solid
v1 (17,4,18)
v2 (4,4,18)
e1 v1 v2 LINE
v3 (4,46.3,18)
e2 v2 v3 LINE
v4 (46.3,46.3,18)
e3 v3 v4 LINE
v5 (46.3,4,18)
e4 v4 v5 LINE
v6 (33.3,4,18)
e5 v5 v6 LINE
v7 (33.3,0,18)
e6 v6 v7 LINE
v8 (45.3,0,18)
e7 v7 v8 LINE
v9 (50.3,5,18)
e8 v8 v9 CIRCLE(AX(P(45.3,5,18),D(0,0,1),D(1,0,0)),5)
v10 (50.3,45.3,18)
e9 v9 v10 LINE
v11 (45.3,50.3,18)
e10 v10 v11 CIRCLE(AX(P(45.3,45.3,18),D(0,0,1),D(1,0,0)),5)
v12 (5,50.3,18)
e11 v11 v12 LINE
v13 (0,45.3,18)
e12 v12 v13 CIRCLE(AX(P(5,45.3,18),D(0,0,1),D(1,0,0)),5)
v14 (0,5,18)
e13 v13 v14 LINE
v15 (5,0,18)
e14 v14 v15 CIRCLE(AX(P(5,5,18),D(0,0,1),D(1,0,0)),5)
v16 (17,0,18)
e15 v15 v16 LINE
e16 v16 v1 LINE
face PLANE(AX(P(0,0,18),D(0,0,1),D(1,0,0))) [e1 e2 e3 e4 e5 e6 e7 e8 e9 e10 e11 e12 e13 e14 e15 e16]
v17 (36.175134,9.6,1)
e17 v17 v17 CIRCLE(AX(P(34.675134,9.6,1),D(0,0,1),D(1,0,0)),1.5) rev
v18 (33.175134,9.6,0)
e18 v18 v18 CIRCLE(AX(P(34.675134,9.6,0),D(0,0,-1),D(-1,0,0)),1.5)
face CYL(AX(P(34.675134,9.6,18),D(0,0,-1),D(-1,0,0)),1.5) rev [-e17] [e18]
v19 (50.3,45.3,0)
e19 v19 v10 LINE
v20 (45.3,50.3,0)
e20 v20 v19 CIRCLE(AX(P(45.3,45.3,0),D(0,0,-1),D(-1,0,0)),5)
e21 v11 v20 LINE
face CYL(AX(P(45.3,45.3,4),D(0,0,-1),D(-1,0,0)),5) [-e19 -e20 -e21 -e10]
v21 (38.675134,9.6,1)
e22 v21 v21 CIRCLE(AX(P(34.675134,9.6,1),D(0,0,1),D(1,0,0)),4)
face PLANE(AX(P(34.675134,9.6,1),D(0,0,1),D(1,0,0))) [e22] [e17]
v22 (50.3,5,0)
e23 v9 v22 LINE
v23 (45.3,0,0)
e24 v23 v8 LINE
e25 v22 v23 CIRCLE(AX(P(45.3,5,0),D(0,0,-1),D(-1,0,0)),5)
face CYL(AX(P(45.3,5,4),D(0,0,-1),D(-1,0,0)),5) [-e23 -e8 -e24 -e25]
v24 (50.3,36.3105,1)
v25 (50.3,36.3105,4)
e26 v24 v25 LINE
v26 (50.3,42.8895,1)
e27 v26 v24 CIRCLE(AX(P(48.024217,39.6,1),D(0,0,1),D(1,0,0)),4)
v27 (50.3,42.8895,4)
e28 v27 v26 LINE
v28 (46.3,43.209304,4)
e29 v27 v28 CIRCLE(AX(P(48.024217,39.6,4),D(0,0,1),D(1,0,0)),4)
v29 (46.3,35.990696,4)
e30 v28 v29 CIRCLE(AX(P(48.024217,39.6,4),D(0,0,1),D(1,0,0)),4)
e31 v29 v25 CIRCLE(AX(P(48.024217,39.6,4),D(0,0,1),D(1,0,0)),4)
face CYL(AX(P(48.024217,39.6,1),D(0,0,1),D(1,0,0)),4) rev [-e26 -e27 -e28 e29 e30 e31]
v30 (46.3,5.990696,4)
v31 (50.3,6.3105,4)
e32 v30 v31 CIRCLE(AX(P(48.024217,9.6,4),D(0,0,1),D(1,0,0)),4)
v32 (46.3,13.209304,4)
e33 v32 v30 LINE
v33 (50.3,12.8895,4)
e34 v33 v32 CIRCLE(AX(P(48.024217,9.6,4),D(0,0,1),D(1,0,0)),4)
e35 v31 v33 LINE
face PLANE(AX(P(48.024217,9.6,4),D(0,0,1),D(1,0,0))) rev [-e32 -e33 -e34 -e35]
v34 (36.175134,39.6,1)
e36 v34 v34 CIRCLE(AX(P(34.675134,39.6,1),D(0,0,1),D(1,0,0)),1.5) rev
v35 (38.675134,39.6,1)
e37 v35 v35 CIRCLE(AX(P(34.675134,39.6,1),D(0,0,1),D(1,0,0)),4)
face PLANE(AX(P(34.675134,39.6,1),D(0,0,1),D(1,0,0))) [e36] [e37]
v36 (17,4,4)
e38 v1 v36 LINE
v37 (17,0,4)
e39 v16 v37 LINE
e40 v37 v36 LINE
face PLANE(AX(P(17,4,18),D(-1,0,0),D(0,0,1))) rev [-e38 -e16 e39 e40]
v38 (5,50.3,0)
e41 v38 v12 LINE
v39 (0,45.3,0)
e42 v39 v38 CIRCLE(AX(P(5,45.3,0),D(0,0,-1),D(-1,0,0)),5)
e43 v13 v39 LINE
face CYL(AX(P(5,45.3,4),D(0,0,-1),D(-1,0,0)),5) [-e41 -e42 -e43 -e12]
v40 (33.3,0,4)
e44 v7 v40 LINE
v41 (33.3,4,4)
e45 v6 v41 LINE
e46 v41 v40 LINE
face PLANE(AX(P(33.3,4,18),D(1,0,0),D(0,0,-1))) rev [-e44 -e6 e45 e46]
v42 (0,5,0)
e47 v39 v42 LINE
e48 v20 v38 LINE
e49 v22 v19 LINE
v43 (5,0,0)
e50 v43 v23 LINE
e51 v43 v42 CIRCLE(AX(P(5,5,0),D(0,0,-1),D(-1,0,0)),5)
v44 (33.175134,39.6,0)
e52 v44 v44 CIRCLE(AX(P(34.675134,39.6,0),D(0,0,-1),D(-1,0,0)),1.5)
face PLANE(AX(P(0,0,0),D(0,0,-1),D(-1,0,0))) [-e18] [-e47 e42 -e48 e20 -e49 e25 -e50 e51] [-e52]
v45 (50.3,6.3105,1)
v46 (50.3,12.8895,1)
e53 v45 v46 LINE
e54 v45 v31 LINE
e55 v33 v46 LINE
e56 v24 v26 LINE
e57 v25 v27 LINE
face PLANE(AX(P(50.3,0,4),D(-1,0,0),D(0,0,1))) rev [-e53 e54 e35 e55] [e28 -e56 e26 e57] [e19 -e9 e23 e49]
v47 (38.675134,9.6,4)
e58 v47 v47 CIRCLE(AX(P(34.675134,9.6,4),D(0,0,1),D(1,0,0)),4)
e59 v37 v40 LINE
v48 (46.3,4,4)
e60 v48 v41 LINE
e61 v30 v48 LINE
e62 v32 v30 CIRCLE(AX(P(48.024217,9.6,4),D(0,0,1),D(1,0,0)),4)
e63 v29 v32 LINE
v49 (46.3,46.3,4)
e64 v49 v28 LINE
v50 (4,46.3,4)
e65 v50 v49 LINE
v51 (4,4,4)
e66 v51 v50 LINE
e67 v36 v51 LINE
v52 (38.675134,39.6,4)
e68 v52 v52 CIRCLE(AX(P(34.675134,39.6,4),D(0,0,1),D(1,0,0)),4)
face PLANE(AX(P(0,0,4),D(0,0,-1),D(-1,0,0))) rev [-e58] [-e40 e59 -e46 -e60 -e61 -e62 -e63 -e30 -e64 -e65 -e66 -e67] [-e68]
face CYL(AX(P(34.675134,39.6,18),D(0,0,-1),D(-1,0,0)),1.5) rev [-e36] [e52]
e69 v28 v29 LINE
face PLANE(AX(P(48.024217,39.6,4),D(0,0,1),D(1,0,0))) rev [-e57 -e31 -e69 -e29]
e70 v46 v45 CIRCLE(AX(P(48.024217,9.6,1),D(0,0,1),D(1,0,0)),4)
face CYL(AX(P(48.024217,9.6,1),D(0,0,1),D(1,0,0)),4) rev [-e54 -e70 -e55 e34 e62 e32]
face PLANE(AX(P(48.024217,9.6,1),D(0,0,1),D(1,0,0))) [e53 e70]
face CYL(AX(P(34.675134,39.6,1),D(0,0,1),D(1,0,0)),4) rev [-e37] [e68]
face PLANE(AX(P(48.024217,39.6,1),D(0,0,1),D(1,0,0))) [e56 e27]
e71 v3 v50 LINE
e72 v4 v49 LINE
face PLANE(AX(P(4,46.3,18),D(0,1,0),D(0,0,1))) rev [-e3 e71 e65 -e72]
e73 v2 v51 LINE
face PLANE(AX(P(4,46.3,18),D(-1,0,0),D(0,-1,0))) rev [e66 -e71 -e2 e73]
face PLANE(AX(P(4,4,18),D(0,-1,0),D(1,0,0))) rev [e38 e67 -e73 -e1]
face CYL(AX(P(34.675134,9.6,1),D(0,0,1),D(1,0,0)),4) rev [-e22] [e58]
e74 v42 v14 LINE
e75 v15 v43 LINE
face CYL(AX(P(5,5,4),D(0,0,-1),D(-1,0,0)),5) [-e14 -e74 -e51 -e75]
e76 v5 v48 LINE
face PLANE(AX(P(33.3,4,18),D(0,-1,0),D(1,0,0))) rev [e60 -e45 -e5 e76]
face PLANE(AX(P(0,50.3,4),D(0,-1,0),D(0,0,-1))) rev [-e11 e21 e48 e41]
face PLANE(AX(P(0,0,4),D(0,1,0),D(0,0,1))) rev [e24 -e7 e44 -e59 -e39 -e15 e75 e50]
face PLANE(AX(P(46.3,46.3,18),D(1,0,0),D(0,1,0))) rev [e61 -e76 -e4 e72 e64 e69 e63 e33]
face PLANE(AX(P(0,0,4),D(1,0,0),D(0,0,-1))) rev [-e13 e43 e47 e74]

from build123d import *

# Parameters (mm, degrees)
ESQUISSE1_W             = 50.3
ESQUISSE1_H             = 50.3
BOSS_EXTRU_1_DEPTH      = 4
BOSS_EXTRU_2_DEPTH      = 14
ESQUISSE3_R             = 1.5
ENL_V_MAT_EXTRU_1_DEPTH = 74.376971864
CONG_2_R                = 5
ESQUISSE4_R             = 4
ENL_V_MAT_EXTRU_2_DEPTH = 3
CONG_6_R                = 5


with BuildPart() as part:
    # Esquisse1 → Boss.-Extru.1 (new body)
    with BuildSketch(Plane.XY):
        with Locations((25.15, 25.15)):
            Rectangle(ESQUISSE1_W, ESQUISSE1_H)
    extrude(amount=BOSS_EXTRU_1_DEPTH)

    # Esquisse2 → Boss.-Extru.2 (add)
    with BuildSketch(Plane.XY.offset(4)):
        Polygon((4, 46.3), (46.3, 46.3), (46.3, 4), (33.3, 4), (33.3, 0), (50.3, 0), (50.3, 50.3), (0, 50.3), (0, 0), (17, 0), (17, 4), (4, 4), align=None)
    extrude(amount=BOSS_EXTRU_2_DEPTH)

    # Esquisse3 → Enlèv. mat.-Extru.1 (cut, through all)
    with BuildSketch(Plane(origin=(0, 0, 0), x_dir=(-1, 0, 0), z_dir=(0, 0, -1))):
        with Locations((-34.675133859, 39.6)):
            Circle(ESQUISSE3_R)
        with Locations((-59.675133859, 39.6)):
            Circle(ESQUISSE3_R)
        with Locations((-59.675133859, 9.6)):
            Circle(ESQUISSE3_R)
        with Locations((-34.675133859, 9.6)):
            Circle(ESQUISSE3_R)
    extrude(amount=-ENL_V_MAT_EXTRU_1_DEPTH, mode=Mode.SUBTRACT)

    # Congé2
    cong_2_edges = [part.edges().sort_by_distance(p)[0] for p in [
        (0, 50.3, 9),
    ]]
    fillet(cong_2_edges, radius=CONG_2_R)

    # Esquisse4 → Enlèv. mat.-Extru.2 (cut)
    with BuildSketch(Plane.XY.offset(4)):
        with Locations((34.675133859, 39.6)):
            Circle(ESQUISSE4_R)
        with Locations((34.675133859, 9.6)):
            Circle(ESQUISSE4_R)
        with Locations((48.024217253, 39.6)):
            Circle(ESQUISSE4_R)
        with Locations((48.024217253, 9.6)):
            Circle(ESQUISSE4_R)
    extrude(amount=-ENL_V_MAT_EXTRU_2_DEPTH, mode=Mode.SUBTRACT)

    # Congé6
    cong_6_edges = [part.edges().sort_by_distance(p)[0] for p in [
        (50.3, 50.3, 9),
        (50.3, 0, 9),
        (0, 0, 9),
    ]]
    fillet(cong_6_edges, radius=CONG_6_R)


solid = part.part
